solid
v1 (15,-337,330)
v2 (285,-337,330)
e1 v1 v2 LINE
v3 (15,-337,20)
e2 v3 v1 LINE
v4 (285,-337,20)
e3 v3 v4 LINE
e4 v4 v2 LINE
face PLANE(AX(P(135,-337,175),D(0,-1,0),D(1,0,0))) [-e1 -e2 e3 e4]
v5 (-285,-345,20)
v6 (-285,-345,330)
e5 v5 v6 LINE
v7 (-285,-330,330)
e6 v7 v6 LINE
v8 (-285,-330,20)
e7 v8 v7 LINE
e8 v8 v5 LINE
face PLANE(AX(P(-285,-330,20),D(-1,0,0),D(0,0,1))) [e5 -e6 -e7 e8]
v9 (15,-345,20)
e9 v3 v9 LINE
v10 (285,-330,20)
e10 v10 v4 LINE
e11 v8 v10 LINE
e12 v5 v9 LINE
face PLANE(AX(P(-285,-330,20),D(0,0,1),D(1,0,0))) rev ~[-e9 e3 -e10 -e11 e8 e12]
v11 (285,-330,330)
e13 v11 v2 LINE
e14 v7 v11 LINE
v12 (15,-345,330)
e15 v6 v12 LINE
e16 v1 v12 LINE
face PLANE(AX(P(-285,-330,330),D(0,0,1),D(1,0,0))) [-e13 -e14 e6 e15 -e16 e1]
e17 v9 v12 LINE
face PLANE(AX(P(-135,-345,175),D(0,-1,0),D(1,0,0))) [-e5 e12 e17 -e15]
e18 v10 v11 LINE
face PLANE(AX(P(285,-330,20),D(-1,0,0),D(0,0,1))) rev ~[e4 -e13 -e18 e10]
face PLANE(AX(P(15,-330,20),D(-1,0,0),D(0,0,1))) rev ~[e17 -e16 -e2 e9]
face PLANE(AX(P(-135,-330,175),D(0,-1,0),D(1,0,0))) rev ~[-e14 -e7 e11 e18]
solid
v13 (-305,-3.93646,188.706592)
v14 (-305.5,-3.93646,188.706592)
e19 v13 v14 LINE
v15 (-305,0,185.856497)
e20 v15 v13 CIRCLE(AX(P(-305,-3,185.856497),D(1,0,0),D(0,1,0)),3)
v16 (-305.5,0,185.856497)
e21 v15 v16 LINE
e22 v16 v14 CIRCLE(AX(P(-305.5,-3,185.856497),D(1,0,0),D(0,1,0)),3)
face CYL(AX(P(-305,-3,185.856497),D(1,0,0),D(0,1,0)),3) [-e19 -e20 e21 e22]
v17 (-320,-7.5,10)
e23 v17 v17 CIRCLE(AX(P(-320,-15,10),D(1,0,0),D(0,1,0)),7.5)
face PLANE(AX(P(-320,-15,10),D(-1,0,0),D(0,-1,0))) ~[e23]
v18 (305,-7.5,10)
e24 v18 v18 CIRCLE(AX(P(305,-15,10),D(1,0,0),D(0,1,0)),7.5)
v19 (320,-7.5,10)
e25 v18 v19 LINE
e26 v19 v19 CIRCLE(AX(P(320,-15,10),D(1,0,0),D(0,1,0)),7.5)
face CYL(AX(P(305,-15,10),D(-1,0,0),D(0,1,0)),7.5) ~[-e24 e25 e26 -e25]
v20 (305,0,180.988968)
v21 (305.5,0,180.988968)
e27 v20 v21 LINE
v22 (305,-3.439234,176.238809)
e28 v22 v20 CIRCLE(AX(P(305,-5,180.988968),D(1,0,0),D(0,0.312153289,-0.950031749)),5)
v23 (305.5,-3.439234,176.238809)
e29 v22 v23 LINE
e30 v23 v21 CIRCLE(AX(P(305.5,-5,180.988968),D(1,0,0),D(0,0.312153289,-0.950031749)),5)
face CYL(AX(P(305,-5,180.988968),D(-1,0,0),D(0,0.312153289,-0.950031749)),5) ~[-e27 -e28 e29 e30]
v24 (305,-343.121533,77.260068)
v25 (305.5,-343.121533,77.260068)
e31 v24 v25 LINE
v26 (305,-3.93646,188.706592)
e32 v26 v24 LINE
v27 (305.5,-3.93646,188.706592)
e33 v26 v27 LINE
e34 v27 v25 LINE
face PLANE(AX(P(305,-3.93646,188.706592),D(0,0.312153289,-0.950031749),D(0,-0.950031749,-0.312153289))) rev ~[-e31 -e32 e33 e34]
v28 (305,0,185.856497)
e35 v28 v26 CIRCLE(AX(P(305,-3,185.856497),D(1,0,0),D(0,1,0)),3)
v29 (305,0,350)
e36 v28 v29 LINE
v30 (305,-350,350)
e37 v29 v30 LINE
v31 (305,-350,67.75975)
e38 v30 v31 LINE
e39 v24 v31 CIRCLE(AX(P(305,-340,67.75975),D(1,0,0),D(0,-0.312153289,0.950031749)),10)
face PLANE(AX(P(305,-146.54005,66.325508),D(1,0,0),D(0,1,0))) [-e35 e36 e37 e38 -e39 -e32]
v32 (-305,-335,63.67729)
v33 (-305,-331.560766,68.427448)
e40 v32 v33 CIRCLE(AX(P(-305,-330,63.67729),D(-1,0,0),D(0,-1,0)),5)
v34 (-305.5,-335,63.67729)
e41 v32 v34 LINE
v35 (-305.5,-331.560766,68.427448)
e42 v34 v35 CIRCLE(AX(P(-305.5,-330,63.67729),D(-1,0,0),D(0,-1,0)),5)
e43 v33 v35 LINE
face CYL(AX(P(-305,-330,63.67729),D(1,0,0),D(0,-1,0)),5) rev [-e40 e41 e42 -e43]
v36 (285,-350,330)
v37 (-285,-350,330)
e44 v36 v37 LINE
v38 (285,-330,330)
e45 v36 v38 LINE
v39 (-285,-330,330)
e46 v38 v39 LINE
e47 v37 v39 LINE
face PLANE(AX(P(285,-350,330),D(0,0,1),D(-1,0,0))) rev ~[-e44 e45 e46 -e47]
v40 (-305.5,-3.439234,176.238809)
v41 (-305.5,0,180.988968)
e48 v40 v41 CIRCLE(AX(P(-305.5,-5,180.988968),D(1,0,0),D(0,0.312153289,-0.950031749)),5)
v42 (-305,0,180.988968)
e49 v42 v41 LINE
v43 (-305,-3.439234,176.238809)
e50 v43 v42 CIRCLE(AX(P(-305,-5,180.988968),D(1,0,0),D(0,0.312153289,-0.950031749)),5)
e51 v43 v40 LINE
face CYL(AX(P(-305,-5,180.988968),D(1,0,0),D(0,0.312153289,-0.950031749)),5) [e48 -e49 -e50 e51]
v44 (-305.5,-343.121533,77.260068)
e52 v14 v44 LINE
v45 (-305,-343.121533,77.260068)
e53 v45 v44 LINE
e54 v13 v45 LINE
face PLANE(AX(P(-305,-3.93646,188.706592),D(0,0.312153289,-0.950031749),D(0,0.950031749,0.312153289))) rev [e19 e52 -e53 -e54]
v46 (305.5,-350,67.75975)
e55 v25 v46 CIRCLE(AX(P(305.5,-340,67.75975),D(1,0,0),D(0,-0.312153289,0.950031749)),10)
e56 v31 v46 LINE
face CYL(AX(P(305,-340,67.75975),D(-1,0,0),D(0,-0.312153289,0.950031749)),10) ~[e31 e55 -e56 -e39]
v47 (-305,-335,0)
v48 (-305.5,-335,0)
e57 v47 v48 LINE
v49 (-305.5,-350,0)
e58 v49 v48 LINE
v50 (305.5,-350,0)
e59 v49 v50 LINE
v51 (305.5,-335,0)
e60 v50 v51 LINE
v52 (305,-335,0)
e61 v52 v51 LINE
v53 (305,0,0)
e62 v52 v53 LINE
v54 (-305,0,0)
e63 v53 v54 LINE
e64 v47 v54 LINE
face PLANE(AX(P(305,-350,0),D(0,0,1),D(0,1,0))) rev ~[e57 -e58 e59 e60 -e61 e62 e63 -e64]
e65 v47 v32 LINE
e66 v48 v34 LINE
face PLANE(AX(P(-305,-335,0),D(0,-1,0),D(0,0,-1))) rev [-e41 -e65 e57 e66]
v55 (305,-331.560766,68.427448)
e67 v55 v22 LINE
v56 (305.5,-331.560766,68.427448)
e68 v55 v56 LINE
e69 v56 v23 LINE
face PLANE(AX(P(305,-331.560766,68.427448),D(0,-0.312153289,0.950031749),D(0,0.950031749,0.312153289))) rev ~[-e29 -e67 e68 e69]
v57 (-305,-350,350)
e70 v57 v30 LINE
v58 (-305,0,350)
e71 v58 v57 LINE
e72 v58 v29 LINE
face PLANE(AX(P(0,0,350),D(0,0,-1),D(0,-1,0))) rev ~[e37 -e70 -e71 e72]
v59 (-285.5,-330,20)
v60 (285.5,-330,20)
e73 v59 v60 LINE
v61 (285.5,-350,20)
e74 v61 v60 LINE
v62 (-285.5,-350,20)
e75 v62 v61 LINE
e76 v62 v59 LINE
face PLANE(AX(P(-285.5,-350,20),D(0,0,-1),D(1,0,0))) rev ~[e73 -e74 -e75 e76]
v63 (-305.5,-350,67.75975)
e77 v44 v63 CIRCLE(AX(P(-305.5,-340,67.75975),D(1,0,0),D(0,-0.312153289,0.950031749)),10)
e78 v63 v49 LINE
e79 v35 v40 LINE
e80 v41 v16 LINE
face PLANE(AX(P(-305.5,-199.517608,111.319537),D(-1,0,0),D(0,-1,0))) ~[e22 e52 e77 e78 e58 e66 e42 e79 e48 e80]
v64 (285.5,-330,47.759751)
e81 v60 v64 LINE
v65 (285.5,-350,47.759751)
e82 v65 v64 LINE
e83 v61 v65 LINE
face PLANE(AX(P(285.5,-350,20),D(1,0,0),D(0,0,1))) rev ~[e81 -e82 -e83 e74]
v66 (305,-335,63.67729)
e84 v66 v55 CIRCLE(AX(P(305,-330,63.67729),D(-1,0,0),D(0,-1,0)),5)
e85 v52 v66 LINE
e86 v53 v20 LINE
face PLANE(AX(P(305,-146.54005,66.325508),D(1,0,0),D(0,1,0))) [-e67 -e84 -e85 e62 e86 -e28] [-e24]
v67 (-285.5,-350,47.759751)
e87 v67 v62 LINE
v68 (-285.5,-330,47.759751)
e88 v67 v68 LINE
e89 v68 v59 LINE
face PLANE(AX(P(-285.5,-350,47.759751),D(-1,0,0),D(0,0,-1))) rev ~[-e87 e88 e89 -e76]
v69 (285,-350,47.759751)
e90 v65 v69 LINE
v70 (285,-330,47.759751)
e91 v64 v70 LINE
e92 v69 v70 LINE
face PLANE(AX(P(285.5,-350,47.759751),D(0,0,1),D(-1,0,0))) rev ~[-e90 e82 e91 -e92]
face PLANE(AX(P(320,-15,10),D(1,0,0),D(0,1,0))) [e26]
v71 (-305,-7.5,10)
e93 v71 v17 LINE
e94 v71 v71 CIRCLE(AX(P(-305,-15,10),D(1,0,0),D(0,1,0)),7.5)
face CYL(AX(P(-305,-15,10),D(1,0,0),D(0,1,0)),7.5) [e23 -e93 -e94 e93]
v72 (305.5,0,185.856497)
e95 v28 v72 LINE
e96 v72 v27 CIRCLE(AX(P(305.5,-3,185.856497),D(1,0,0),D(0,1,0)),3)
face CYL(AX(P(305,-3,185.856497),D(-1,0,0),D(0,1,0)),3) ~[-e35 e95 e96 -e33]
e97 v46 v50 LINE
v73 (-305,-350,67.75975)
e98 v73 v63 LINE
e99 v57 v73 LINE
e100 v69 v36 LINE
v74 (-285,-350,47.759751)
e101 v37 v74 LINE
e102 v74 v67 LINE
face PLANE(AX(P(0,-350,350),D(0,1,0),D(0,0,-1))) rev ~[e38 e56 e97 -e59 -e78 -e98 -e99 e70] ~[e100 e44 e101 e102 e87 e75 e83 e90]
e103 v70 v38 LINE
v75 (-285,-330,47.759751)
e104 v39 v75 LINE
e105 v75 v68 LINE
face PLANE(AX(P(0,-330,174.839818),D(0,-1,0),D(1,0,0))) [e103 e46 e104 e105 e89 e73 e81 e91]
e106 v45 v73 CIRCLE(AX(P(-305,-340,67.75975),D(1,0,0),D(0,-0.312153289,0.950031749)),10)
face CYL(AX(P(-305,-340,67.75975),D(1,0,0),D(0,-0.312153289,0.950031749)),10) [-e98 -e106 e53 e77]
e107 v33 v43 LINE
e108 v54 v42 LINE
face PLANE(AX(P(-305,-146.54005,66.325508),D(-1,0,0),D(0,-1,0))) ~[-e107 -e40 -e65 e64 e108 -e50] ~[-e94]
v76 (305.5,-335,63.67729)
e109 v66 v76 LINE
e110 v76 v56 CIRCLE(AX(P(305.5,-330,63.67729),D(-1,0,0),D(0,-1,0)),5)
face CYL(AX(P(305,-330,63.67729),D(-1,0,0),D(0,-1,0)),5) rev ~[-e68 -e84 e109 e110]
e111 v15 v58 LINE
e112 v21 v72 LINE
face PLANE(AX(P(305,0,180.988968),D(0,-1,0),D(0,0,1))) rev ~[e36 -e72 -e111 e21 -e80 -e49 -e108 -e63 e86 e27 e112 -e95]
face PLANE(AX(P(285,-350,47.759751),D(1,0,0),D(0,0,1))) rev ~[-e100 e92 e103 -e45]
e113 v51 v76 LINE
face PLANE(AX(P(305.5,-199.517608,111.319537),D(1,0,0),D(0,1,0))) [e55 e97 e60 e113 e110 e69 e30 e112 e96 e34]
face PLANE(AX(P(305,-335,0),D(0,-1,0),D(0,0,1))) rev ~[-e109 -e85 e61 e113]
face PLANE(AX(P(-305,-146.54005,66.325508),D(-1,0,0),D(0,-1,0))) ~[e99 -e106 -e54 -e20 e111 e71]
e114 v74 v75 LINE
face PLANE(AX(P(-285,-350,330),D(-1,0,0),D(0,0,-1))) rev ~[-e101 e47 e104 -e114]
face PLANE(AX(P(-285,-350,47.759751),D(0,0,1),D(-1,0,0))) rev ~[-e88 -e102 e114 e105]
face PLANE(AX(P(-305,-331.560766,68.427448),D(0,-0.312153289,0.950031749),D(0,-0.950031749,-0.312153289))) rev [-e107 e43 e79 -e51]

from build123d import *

# Parameters (mm, degrees)
F1_DEPTH  = 305
F3_DEPTH  = 0.5
F4_R      = 7.5
F5_DEPTH  = 15
F9_DEPTH  = 20
F10_W     = 300
F10_H     = 310.0000008941
F11_DEPTH = 15
F12_W     = 300
F12_H     = 310.0000008941
F13_DEPTH = 7


with BuildPart() as f1:
    # F0 (on Right) → F1 (new body)
    with BuildSketch(Plane.YZ):
        with BuildLine():
            Line((-335, 0), (0, 0))
            Line((0, 0), (0, 180.9889680492))
            ThreePointArc((0, 180.9889680492), (-0.9500720856, 178.0567191021), (-3.4392335551, 176.238809304))
            Line((-3.4392335551, 176.238809304), (-331.5607664449, 68.4274484974))
            ThreePointArc((-331.5607664449, 68.4274484974), (-334.0499279144, 66.6095386993), (-335, 63.6772897522))
            Line((-335, 63.6772897522), (-335, 0))
        make_face()
        with BuildLine():
            Line((-350, 0), (-335, 0))
            Line((-335, 0), (-335, 63.6772897522))
            ThreePointArc((-335, 63.6772897522), (-334.0499279144, 66.6095386993), (-331.5607664449, 68.4274484974))
            Line((-331.5607664449, 68.4274484974), (-3.4392335551, 176.238809304))
            ThreePointArc((-3.4392335551, 176.238809304), (-0.9500720856, 178.0567191021), (0, 180.9889680492))
            Line((0, 180.9889680492), (0, 185.8564965109))
            ThreePointArc((0, 185.8564965109), (-1.2406506317, 188.2864532596), (-3.9364598669, 188.706591758))
            Line((-3.9364598669, 188.706591758), (-343.1215328897, 77.2600677648))
            ThreePointArc((-343.1215328897, 77.2600677648), (-348.0998558289, 73.6242481686), (-350, 67.7597502744))
            Line((-350, 67.7597502744), (-350, 0))
        make_face()
        with BuildLine():
            ThreePointArc((-3.9364598669, 188.706591758), (-1.2406506317, 188.2864532596), (0, 185.8564965109))
            Line((0, 185.8564965109), (0, 350))
            Line((0, 350), (-350, 350))
            Line((-350, 350), (-350, 67.7597502744))
            ThreePointArc((-350, 67.7597502744), (-348.0998558289, 73.6242481686), (-343.1215328897, 77.2600677648))
            Line((-343.1215328897, 77.2600677648), (-3.9364598669, 188.706591758))
        make_face()
    extrude(amount=F1_DEPTH)

    # F4 (on face) → F5 (join)
    with BuildSketch(Plane.YZ.offset(305)):
        with Locations((-15, 10)):
            Circle(F4_R)
    extrude(amount=F5_DEPTH)


with BuildPart() as f3:
    # F2 (on face) → F3 (new body)
    with BuildSketch(Plane.YZ.offset(305)):
        with BuildLine():
            ThreePointArc((0, 185.8564965109), (-1.2406506317, 188.2864532596), (-3.9364598669, 188.706591758))
            Line((-3.9364598669, 188.706591758), (-343.1215328897, 77.2600677648))
            ThreePointArc((-343.1215328897, 77.2600677648), (-348.0998558289, 73.6242481686), (-350, 67.7597502744))
            Line((-350, 67.7597502744), (-350, 0))
            Line((-350, 0), (-335, 0))
            Line((-335, 0), (-335, 63.6772897522))
            ThreePointArc((-335, 63.6772897522), (-334.0499279144, 66.6095386993), (-331.5607664449, 68.4274484974))
            Line((-331.5607664449, 68.4274484974), (-3.4392335551, 176.238809304))
            ThreePointArc((-3.4392335551, 176.238809304), (-0.9500720856, 178.0567191021), (0, 180.9889680492))
            Line((0, 180.9889680492), (0, 185.8564965109))
        make_face()
    extrude(amount=F3_DEPTH)


with BuildPart() as f6_1:
    # F6: instance of F1
    add(f1.part.mirror(Plane.YZ))


with BuildPart() as f6_2:
    # F6: instance of F3
    add(f3.part.mirror(Plane.YZ))


with BuildPart() as f6_1_1:
    add(f6_1.part)

    # F7: union F1, F6_2, F3
    add(f1.part)
    add(f6_2.part)
    add(f3.part)

    # F8 (on face) → F9 (cut)
    with BuildSketch(Plane.XZ.offset(350)):
        Polygon((-285.000000447, 47.7597507214), (-285.500000447, 47.7597507214), (-285.500000447, 19.999999553), (285.500000447, 19.999999553), (285.500000447, 47.7597507214), (285.000000447, 47.7597507214), (285.000000447, 330.000000447), (-285.000000447, 330.000000447), align=None)
    extrude(amount=-F9_DEPTH, mode=Mode.SUBTRACT)


with BuildPart() as f11:
    # F10 (on face) → F11 (new body)
    with BuildSketch(Plane.XZ.offset(330)):
        with Locations((-135.000000447, 175)):
            Rectangle(F10_W, F10_H)
    extrude(amount=F11_DEPTH)

    # F12 (on face) → F13 (join)
    with BuildSketch(Plane.XZ.offset(330)):
        with Locations((135.000000447, 175)):
            Rectangle(F12_W, F12_H)
    extrude(amount=F13_DEPTH)


solid = Compound([f6_1_1.part, f11.part])
